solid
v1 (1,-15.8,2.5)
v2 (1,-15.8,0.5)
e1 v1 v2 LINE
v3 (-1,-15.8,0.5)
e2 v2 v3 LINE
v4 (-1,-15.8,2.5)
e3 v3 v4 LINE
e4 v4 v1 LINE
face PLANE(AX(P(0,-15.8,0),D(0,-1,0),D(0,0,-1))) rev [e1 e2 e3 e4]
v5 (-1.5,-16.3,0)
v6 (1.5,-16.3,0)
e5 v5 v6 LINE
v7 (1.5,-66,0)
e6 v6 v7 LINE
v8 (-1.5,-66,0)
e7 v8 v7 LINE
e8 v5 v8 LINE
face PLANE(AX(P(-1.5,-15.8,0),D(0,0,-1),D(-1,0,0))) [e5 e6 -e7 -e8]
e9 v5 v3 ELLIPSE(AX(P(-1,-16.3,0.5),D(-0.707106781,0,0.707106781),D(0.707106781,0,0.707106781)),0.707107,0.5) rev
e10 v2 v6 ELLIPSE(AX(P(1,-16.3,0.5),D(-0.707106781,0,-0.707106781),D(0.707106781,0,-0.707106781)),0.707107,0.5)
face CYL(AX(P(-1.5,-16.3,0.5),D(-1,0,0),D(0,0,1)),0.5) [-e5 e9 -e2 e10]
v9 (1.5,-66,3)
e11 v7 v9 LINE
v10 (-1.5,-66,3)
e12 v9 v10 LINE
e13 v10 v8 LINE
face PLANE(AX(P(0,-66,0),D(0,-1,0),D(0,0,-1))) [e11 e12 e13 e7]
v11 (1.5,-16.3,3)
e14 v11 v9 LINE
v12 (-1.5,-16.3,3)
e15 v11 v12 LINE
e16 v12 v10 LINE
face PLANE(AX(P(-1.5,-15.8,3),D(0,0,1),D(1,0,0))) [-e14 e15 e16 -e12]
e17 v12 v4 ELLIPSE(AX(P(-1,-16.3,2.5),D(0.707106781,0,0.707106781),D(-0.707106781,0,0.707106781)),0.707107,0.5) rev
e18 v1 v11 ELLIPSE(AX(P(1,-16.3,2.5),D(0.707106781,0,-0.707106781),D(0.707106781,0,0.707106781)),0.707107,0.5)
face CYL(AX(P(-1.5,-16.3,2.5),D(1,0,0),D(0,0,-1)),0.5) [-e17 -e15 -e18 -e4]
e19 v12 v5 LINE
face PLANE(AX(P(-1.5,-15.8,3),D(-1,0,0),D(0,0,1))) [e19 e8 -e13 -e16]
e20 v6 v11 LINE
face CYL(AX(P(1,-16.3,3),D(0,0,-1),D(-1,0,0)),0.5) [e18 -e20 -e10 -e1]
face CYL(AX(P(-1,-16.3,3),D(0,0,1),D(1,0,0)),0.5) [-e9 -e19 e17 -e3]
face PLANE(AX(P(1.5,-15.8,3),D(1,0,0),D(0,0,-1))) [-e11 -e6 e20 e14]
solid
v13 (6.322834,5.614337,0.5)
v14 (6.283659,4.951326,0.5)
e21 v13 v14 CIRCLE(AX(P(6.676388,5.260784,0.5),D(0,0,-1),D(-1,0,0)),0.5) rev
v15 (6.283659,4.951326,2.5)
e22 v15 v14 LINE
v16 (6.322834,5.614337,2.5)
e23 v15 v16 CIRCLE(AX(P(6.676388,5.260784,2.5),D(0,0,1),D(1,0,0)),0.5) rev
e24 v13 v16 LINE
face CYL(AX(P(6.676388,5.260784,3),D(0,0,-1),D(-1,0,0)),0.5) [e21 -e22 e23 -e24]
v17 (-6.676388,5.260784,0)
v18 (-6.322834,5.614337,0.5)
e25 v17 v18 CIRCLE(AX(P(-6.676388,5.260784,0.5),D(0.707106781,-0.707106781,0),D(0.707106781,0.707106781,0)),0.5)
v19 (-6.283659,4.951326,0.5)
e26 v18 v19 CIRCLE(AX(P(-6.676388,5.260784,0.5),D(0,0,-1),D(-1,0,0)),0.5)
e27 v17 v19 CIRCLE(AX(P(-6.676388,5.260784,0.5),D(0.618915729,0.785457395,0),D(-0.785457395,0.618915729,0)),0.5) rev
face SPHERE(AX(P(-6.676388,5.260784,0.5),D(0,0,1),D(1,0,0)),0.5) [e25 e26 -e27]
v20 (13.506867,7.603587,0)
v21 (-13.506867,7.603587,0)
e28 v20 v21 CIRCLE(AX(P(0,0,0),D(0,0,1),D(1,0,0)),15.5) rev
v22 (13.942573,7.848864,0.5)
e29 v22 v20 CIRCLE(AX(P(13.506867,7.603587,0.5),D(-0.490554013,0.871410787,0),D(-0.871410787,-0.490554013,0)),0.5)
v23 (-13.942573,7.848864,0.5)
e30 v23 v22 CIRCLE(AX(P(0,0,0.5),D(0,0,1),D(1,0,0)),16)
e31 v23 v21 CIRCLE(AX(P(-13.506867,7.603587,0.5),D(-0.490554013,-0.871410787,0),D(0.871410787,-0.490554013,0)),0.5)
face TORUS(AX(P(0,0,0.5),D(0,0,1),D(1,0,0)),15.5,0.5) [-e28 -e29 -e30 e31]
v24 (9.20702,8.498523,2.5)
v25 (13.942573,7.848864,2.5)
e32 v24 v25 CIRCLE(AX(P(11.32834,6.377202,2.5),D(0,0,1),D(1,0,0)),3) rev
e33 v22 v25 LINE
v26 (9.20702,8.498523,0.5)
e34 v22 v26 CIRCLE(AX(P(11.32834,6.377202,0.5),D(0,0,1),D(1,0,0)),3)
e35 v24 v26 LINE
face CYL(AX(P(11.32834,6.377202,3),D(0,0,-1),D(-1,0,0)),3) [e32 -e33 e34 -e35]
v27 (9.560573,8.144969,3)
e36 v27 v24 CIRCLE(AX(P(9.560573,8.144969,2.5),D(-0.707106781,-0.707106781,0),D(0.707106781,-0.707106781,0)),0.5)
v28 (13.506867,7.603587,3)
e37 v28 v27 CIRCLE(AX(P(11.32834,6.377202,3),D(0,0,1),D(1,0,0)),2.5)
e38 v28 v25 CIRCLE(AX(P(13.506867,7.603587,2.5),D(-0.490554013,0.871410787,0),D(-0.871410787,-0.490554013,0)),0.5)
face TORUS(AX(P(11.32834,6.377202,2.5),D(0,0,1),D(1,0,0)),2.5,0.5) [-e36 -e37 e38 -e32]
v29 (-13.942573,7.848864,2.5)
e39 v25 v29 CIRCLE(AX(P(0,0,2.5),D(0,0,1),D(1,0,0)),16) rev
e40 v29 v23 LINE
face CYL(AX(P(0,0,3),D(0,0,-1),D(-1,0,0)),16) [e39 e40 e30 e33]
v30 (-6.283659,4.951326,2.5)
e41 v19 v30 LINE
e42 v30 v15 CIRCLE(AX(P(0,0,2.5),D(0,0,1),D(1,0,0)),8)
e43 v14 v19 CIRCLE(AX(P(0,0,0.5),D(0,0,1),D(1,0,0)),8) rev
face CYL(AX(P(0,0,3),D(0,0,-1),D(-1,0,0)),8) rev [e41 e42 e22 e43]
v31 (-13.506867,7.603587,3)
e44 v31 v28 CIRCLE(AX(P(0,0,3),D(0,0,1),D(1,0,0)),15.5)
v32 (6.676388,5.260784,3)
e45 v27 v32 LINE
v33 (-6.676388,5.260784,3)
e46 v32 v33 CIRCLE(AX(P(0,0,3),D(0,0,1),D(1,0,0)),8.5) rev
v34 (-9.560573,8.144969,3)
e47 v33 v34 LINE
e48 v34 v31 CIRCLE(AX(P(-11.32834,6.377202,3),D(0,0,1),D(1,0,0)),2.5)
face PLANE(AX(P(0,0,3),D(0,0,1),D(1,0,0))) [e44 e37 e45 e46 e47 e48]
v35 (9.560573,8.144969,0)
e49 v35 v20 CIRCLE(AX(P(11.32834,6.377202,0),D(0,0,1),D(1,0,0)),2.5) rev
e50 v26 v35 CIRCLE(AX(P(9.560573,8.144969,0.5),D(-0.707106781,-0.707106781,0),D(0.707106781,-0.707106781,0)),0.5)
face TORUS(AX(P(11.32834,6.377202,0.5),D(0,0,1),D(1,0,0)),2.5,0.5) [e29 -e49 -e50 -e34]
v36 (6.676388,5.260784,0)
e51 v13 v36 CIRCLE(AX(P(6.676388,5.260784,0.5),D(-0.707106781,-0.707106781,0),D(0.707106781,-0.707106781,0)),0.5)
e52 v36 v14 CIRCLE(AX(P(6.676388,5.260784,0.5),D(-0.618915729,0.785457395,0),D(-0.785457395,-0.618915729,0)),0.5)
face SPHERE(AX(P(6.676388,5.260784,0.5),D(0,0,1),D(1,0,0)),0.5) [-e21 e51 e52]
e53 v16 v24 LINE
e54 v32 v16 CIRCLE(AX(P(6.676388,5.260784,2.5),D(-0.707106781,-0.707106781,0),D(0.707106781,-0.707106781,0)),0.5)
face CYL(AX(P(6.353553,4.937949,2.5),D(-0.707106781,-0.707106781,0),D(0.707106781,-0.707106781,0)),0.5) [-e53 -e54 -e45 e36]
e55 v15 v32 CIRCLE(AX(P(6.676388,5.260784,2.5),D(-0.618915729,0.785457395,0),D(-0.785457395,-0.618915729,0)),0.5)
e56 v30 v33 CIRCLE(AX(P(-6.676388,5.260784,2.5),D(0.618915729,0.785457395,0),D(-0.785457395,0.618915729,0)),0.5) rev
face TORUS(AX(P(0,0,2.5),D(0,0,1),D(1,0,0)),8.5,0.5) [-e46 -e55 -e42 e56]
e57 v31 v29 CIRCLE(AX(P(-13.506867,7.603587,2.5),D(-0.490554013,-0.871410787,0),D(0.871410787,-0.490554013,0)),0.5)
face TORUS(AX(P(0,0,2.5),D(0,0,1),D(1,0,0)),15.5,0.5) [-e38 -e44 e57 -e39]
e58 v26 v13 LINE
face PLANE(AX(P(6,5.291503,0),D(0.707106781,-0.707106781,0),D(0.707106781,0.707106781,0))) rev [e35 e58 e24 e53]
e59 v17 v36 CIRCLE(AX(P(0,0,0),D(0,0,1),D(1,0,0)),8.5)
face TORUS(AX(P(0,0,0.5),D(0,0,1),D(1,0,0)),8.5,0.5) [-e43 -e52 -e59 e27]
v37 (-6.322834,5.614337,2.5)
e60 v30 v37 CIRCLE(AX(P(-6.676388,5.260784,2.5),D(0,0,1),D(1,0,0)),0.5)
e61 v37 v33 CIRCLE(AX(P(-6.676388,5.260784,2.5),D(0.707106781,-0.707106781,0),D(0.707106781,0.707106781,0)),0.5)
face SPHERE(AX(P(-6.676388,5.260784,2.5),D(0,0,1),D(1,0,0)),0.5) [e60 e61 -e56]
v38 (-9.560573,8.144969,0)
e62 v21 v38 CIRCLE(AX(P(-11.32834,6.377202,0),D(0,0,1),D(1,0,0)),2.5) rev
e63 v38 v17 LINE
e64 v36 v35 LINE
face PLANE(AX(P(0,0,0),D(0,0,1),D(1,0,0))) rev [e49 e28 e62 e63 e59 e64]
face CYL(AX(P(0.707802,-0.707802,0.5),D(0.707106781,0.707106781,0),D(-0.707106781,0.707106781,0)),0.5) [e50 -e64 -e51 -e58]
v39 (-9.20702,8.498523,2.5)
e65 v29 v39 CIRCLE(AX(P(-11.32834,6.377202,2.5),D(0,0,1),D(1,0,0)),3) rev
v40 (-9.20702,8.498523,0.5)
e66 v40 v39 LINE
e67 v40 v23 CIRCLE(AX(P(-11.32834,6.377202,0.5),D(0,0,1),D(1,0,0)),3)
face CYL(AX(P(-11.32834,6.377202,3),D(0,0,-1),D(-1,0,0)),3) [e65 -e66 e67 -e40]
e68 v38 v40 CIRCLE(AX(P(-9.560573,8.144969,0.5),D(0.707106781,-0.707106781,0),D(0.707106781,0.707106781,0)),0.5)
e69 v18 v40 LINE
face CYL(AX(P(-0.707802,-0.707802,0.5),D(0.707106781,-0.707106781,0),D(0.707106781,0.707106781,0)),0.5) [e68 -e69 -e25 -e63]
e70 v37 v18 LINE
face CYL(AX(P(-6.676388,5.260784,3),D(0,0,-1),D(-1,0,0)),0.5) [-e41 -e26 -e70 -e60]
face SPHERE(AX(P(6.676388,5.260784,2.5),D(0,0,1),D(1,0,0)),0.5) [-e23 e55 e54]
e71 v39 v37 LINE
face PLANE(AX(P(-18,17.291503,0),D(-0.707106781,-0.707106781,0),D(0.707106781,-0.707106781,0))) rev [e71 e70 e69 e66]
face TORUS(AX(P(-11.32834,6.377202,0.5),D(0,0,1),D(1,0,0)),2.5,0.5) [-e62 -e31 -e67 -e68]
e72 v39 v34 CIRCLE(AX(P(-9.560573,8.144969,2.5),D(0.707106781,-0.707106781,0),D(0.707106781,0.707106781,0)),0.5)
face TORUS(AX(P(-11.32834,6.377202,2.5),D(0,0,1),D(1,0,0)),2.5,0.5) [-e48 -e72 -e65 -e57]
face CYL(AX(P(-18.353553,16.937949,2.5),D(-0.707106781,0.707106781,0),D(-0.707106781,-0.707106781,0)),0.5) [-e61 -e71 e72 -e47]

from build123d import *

# Parameters (mm, degrees)
SKETCH1_R                = 16
SKETCH1_R_2              = 8
BOSS_EXTRUDE1_DEPTH      = 3
CUT_EXTRUDE1_DEPTH       = 3
FILLET1_R                = 3
FILLET2_R                = 0.5
SKETCH3_W                = 3
SKETCH3_H                = 3
BOSS_EXTRUDE2_DEPTH      = 50
BOSS_EXTRUDE2_DEPTH_BACK = 0.2
FILLET3_R                = 0.5


with BuildPart() as part:
    # Sketch1 → Boss-Extrude1 (new body)
    with BuildSketch(Plane.XY):
        Circle(SKETCH1_R)
        Circle(SKETCH1_R_2, mode=Mode.SUBTRACT)
    extrude(amount=BOSS_EXTRUDE1_DEPTH)

    # Sketch2 → Cut-Extrude1 (cut)
    with BuildSketch(Plane.XY.offset(3)):
        Polygon((-6, 5.291502622), (6, 5.291502622), (18, 17.291502622), (-18, 17.291502622), align=None)
    extrude(amount=-CUT_EXTRUDE1_DEPTH, mode=Mode.SUBTRACT)

    # Fillet1
    fillet1_edges = [part.edges().sort_by_distance(p)[0] for p in [
        (-11.662409807, 10.953912429, 1.5),
        (11.662409807, 10.953912429, 1.5),
    ]]
    fillet(fillet1_edges, radius=FILLET1_R)

    # Fillet2
    fillet2_edges = [part.edges().sort_by_distance(p)[0] for p in [
        (0, -8, 0),
        (-6, 5.291502622, 1.5),
        (7.603509946, 6.895012568, 0),
        (7.603509946, 6.895012568, 3),
        (6, 5.291502622, 1.5),
        (0, -16, 3),
        (0, -16, 0),
        (-7.603509946, 6.895012568, 0),
        (11.736083466, 9.349363918, 0),
        (-11.736083466, 9.349363918, 0),
        (-7.603509946, 6.895012568, 3),
        (11.736083466, 9.349363918, 3),
        (-11.736083466, 9.349363918, 3),
        (0, -8, 3),
    ]]
    fillet(fillet2_edges, radius=FILLET2_R)


with BuildPart() as body_2:
    # Sketch3 → Boss-Extrude2 (new body, two sides)
    with BuildSketch(Plane(origin=(0, -16, 0), x_dir=(-1, 0, 0), z_dir=(0, -1, 0))) as boss_extrude2_sk:
        with Locations((0, -1.5)):
            Rectangle(SKETCH3_W, SKETCH3_H)
    extrude(amount=BOSS_EXTRUDE2_DEPTH)
    extrude(boss_extrude2_sk.sketch, amount=-BOSS_EXTRUDE2_DEPTH_BACK)

    # Fillet3
    fillet3_edges = [body_2.edges().sort_by_distance(p)[0] for p in [
        (1.5, -15.8, 1.5),
        (0, -15.8, 3),
        (-1.5, -15.8, 1.5),
        (0, -15.8, 0),
    ]]
    fillet(fillet3_edges, radius=FILLET3_R)


solid = Compound([part.part, body_2.part])
